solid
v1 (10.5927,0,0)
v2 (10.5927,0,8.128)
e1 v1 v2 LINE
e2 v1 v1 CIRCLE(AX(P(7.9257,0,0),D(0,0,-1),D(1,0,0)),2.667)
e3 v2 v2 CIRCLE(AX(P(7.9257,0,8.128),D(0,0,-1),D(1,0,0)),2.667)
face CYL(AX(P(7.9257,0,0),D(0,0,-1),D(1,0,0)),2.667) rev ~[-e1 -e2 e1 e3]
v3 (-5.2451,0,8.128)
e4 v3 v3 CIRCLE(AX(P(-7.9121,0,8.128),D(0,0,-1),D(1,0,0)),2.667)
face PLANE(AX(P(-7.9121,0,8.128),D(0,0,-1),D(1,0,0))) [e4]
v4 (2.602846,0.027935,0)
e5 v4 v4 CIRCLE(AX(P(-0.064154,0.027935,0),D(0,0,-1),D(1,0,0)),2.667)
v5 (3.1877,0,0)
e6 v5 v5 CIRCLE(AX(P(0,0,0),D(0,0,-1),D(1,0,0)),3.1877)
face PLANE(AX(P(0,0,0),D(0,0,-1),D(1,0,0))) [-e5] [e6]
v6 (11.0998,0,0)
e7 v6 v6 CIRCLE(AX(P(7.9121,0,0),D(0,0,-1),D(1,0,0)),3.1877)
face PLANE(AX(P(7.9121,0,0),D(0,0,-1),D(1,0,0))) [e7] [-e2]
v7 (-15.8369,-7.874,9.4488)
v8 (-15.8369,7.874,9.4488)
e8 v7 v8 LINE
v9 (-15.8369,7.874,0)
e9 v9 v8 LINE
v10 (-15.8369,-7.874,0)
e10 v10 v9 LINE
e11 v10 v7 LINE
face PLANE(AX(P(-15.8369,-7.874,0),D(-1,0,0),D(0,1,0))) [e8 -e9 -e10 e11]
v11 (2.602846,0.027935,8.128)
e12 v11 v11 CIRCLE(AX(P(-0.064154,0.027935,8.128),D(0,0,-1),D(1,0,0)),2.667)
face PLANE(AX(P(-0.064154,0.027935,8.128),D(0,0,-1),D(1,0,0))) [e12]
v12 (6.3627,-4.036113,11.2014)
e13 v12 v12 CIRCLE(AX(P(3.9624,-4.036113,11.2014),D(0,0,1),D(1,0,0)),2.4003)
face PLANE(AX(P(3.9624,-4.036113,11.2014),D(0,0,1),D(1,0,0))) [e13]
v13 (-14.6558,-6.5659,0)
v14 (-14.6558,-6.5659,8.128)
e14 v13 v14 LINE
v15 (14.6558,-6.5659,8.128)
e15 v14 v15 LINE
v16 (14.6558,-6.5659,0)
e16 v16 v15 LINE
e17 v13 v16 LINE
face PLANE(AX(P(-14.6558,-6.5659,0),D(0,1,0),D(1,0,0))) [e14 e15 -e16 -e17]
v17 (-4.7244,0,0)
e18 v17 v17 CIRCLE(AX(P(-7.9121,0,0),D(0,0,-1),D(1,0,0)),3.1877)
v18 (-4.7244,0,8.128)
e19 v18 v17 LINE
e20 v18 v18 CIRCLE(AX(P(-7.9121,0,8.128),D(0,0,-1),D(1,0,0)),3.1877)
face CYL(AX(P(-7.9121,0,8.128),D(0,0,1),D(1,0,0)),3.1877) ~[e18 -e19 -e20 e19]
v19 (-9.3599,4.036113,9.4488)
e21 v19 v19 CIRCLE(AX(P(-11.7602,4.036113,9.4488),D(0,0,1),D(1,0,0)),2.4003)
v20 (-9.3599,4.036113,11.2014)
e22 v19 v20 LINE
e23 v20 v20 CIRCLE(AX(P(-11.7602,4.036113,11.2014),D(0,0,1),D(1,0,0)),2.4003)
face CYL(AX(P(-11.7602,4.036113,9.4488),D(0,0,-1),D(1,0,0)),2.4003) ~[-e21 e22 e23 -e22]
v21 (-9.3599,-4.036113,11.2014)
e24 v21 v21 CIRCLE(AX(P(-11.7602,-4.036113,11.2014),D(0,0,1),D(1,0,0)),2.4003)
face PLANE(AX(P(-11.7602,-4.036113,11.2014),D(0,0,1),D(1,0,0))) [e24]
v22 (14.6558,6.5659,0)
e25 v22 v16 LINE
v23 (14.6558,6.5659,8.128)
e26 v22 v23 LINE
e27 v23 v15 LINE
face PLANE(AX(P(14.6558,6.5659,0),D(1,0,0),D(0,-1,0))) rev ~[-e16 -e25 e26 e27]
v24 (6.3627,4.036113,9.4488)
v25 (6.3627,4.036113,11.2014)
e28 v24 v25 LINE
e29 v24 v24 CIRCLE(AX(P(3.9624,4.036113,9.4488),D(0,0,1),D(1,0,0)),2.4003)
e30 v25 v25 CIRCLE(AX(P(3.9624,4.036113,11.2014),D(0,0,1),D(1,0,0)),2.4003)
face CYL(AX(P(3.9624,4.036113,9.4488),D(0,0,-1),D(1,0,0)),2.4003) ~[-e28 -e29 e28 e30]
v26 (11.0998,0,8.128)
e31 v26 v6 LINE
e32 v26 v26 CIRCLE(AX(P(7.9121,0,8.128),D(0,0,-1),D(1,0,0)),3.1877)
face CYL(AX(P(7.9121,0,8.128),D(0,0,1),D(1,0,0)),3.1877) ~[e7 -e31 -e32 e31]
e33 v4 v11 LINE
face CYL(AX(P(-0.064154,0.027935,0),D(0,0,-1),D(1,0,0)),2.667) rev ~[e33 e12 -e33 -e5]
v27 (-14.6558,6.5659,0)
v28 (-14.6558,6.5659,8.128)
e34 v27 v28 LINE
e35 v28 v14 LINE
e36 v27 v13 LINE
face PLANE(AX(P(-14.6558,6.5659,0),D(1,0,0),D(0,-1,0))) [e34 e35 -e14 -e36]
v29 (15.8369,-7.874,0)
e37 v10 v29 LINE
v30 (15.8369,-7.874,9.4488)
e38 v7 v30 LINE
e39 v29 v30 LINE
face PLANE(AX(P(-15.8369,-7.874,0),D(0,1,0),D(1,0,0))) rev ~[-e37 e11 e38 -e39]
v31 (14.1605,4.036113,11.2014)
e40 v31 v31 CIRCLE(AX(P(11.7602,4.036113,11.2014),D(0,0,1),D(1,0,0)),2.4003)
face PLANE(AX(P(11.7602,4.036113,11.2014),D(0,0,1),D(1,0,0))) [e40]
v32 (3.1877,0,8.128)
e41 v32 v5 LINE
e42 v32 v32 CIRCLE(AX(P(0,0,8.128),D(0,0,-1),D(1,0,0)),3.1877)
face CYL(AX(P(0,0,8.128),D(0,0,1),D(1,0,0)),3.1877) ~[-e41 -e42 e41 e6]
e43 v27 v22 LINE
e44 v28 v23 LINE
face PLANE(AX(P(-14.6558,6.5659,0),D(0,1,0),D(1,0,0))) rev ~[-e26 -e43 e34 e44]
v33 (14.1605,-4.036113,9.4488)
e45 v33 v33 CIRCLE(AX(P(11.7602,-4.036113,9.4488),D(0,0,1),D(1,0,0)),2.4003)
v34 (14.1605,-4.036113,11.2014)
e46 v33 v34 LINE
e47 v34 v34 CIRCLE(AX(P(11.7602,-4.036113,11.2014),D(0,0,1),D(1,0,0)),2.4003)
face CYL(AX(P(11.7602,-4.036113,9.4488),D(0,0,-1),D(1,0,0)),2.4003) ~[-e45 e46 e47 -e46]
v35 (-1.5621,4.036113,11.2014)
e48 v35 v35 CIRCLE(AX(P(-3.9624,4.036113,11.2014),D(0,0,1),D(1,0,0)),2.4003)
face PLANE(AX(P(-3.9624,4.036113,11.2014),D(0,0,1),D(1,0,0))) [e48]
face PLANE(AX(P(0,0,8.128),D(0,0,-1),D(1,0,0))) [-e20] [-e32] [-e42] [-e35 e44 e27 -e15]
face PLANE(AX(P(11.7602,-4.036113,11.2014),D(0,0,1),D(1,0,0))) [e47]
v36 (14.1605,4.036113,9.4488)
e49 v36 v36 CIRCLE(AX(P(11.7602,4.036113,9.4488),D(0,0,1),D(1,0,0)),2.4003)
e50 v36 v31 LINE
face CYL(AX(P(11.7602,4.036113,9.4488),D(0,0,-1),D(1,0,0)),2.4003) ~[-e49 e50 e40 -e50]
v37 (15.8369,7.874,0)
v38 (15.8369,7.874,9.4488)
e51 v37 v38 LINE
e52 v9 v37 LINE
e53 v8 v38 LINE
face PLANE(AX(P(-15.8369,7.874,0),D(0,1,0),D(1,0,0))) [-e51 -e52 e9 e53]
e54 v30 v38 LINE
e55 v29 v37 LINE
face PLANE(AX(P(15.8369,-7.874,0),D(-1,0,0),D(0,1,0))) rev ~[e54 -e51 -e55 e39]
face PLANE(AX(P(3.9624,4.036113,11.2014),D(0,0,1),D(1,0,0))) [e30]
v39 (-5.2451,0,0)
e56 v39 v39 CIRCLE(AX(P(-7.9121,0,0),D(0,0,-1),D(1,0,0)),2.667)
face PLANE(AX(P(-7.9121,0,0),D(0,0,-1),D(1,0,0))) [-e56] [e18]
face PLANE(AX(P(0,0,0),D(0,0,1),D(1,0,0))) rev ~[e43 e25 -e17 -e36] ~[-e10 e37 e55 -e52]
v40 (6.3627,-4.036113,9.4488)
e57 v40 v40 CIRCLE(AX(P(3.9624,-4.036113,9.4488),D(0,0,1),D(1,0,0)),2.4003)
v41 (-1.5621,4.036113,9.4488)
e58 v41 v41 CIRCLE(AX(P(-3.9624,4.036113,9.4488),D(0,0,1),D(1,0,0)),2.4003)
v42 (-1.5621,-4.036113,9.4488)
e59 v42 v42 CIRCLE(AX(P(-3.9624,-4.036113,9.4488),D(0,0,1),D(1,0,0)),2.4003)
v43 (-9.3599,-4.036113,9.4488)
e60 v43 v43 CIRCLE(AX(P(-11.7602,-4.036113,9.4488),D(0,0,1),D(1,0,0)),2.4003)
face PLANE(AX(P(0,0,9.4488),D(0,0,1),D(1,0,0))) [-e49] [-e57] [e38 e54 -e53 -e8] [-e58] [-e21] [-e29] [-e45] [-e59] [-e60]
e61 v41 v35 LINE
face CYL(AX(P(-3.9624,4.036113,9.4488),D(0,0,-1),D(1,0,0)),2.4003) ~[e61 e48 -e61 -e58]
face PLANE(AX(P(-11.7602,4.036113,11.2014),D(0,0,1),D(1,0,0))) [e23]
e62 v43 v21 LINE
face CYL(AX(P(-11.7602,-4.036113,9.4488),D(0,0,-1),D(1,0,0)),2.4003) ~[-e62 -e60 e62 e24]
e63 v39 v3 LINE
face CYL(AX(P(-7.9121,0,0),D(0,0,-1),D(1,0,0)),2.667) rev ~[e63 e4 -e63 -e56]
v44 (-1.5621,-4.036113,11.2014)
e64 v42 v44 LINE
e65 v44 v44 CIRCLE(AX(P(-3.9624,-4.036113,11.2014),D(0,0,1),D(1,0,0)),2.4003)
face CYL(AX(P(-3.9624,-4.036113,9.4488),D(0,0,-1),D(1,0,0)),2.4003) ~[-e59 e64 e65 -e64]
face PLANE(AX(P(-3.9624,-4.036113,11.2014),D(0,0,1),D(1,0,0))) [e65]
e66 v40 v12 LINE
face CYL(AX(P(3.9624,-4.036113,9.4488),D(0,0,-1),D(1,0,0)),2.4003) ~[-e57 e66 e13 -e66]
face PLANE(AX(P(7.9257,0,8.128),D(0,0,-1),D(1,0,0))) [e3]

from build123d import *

# Parameters (mm, degrees)
F0_W     = 31.6738
F0_H     = 15.748
F1_DEPTH = 9.4488
F2_R     = 2.4003
F3_DEPTH = 1.7526
F4_W     = 29.3116
F4_H     = 13.1318
F5_DEPTH = 8.128
F6_R     = 3.1877
F7_DEPTH = 8.128
F8_R     = 2.667
F9_DEPTH = 8.128


with BuildPart() as f1:
    # F0 (on Top) → F1 (new body)
    with BuildSketch(Plane.XY):
        Rectangle(F0_W, F0_H)
    extrude(amount=F1_DEPTH)

    # F2 (on face) → F3 (join)
    with BuildSketch(Plane.XY.offset(9.4488)):
        with Locations((-11.7602, 4.036113)):
            Circle(F2_R)
        with Locations((3.9624, -4.036113)):
            Circle(F2_R)
        with Locations((3.9624, 4.036113)):
            Circle(F2_R)
        with Locations((-3.9624, 4.036113)):
            Circle(F2_R)
        with Locations((-3.9624, -4.036113)):
            Circle(F2_R)
        with Locations((-11.7602, -4.036113)):
            Circle(F2_R)
        with Locations((11.7602, -4.036113)):
            Circle(F2_R)
        with Locations((11.7602, 4.036113)):
            Circle(F2_R)
    extrude(amount=F3_DEPTH)

    # F4 (on face) → F5 (cut)
    with BuildSketch(Plane(origin=(0, 0, 0), x_dir=(1, 0, 0), z_dir=(0, 0, -1))):
        Rectangle(F4_W, F4_H)
    extrude(amount=-F5_DEPTH, mode=Mode.SUBTRACT)

    # F6 (on face) → F7 (join)
    with BuildSketch(Plane(origin=(0, 0, 8.128), x_dir=(1, 0, 0), z_dir=(0, 0, -1))):
        with Locations((-7.9121, 0)):
            Circle(F6_R)
        with Locations((7.9121, 0)):
            Circle(F6_R)
        Circle(F6_R)
    extrude(amount=F7_DEPTH)

    # F8 (on face) → F9 (cut)
    with BuildSketch(Plane(origin=(0, 0, 0), x_dir=(1, 0, 0), z_dir=(0, 0, -1))):
        with Locations((-7.9121, 0)):
            Circle(F8_R)
        with Locations((-0.064154, -0.027935)):
            Circle(F8_R)
        with Locations((7.9257, 0)):
            Circle(F8_R)
    extrude(amount=-F9_DEPTH, mode=Mode.SUBTRACT)


solid = f1.part
